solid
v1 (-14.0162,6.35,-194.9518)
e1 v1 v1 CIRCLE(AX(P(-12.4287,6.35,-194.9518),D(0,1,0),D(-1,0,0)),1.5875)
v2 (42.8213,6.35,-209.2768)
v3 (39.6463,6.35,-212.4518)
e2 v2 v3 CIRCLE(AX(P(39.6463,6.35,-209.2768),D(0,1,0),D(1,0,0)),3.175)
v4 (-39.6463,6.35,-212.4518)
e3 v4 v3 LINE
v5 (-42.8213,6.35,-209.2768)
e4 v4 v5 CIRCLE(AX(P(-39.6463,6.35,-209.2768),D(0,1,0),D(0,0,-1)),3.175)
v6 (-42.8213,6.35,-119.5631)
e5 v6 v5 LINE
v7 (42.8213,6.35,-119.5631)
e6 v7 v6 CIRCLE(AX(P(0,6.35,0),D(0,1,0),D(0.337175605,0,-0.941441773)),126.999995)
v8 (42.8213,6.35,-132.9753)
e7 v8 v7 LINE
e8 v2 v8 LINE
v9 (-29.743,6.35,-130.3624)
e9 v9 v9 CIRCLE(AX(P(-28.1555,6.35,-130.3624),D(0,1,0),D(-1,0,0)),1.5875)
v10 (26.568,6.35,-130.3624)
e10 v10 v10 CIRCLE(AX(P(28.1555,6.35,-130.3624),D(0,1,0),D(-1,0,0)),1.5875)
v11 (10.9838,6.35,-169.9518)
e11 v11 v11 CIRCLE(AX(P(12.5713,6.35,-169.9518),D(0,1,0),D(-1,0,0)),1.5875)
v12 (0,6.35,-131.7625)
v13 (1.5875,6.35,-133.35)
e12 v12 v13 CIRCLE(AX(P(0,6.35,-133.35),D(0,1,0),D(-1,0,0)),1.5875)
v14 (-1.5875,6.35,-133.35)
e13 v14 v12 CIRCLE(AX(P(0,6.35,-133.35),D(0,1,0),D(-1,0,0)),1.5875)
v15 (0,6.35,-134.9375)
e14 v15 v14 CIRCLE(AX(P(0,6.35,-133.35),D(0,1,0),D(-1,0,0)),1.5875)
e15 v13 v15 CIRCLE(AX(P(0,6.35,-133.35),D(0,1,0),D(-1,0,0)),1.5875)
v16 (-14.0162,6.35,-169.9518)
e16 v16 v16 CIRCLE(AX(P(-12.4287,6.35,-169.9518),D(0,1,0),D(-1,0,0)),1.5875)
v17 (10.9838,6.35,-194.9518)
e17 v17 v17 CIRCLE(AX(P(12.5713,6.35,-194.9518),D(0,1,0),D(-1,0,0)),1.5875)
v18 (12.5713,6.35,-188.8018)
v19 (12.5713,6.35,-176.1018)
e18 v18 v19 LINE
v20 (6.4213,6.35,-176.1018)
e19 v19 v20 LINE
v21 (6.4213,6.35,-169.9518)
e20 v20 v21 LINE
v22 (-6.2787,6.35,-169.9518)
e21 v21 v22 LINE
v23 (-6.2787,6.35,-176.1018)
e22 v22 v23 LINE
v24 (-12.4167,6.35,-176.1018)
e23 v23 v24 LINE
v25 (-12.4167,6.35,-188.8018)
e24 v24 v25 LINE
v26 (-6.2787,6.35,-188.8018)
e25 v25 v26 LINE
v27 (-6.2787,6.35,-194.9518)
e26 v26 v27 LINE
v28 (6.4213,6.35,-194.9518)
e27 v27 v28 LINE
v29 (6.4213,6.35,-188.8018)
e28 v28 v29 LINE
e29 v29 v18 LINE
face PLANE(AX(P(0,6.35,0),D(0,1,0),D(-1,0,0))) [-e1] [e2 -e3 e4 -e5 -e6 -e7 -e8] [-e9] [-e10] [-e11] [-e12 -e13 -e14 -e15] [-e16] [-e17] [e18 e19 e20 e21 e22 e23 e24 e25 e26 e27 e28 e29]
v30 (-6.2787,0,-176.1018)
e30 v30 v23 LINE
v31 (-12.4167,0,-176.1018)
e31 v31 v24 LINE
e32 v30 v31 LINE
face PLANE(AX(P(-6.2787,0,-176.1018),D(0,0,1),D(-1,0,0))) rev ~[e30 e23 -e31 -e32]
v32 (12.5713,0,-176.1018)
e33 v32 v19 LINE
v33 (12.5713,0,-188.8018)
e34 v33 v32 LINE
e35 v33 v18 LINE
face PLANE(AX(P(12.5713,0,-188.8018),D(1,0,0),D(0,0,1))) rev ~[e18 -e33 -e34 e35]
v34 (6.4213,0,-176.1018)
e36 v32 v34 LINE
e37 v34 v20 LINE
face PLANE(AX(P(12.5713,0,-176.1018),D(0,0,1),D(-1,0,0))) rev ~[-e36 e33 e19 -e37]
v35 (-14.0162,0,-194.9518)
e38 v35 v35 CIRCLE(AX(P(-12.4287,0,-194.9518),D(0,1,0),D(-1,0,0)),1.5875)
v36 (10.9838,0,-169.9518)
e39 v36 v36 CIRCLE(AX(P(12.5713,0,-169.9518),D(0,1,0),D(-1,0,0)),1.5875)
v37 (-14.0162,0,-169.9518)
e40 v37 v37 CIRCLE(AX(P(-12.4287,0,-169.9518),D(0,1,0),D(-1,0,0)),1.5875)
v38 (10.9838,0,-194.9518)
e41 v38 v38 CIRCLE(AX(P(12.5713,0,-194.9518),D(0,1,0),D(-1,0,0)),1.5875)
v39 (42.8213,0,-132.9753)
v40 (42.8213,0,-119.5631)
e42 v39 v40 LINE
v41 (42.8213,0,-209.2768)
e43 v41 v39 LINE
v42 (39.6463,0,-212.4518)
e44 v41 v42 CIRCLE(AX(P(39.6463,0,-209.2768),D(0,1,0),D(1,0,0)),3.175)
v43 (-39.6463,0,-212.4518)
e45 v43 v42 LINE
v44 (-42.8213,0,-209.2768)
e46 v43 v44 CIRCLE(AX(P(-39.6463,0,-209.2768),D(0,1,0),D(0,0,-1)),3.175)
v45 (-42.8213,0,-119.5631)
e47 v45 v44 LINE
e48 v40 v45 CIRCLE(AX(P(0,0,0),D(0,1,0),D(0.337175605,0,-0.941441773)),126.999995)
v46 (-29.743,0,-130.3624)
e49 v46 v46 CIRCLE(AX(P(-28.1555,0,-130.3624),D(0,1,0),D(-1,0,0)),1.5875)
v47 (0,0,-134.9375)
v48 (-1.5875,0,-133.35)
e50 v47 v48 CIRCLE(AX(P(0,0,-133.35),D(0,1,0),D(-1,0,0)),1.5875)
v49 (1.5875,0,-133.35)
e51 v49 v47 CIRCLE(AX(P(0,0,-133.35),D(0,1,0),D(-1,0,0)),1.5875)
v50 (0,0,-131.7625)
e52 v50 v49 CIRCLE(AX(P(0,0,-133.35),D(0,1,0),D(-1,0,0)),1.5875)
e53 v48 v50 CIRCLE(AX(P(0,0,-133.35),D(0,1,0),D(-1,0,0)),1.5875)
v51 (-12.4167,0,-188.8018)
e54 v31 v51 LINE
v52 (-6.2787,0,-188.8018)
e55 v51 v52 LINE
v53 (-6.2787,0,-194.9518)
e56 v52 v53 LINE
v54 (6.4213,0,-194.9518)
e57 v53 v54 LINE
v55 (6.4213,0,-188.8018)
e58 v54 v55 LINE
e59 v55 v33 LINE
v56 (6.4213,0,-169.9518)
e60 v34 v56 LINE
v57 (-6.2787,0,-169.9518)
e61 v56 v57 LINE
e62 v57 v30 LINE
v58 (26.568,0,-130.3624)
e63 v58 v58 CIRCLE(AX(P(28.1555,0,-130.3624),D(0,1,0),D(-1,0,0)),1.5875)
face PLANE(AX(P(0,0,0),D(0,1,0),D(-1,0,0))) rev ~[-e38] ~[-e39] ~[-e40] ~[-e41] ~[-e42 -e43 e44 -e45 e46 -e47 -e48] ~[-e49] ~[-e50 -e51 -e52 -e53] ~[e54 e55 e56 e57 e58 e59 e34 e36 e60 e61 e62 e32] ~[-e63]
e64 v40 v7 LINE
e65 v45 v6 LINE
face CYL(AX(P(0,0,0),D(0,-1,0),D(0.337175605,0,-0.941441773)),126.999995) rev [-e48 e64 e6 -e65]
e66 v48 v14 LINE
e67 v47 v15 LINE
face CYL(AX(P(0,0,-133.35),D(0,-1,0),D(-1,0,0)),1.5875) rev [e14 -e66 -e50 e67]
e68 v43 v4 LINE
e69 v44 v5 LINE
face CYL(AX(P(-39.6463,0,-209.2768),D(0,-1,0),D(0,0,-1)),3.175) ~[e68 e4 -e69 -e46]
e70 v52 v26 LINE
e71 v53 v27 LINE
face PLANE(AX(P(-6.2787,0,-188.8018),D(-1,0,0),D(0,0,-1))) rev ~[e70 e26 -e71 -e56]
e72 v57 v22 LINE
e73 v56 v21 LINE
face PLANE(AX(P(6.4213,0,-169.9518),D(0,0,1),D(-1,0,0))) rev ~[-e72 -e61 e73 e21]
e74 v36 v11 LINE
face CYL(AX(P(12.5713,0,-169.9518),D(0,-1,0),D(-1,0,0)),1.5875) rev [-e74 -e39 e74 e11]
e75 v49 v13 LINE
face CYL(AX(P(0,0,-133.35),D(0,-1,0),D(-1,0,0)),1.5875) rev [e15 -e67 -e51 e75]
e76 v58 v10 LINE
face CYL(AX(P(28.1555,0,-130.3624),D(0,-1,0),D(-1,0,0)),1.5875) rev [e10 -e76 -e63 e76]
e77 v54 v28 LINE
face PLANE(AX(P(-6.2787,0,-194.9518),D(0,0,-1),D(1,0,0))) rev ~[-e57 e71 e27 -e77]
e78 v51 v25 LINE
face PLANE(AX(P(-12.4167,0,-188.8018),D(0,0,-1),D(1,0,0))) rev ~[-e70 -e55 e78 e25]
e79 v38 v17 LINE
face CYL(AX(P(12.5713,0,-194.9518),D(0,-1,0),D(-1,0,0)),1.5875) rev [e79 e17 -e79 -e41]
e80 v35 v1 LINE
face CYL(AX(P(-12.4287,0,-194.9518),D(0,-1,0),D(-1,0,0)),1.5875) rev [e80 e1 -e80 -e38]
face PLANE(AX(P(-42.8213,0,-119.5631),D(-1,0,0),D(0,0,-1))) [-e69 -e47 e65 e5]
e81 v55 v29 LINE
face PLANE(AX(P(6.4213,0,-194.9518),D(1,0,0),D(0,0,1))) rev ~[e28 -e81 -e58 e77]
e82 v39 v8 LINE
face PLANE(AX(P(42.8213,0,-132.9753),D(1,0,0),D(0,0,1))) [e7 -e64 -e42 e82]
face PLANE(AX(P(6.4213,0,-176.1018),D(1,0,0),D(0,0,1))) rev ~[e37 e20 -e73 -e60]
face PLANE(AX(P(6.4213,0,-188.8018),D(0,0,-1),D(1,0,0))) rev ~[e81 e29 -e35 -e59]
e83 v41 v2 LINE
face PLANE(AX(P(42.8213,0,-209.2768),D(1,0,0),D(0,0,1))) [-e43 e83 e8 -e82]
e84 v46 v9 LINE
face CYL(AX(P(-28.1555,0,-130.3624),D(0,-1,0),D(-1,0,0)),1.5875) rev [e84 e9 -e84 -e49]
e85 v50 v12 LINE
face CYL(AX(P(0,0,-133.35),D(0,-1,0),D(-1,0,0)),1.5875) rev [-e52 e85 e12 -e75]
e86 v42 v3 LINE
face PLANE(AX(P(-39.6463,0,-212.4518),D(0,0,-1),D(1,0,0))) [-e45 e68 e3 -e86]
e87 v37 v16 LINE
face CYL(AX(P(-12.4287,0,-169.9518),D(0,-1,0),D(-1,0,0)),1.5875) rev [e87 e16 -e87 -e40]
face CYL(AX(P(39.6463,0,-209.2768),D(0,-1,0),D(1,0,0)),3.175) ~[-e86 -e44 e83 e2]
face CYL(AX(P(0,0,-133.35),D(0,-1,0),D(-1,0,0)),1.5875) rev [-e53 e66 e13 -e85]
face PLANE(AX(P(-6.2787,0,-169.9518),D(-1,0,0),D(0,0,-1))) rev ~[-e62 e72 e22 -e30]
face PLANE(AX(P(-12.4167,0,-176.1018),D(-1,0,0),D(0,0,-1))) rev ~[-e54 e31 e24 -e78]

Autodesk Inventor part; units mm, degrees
ref_plane "YZ Plane" through (0, 0, 0) normal (1, 0, 0) x (0, 1, 0)
ref_plane "XZ Plane" through (0, 0, 0) normal (0, 1, 0) x (-1, 0, 0)
ref_plane "XY Plane" through (0, 0, 0) normal (0, 0, 1) x (1, 0, 0)
sketch "Sketch1" plane through (0, 0, 0) normal (0, 1, 0) x (-1, 0, 0)
  circle A0 centre (0, -133.35) radius 1.5875
  line L0 (1.5875, -133.35) -> (-1.5875, -133.35)
  line L1 (-42.8213, -132.9753) -> (-42.8213, -119.5631)
  line L2 (-6.4213, -188.8018) -> (-12.5713, -188.8018)
  line L3 (-6.4213, -194.9518) -> (-6.4213, -188.8018)
  line L4 (-12.5713, -188.8018) -> (-12.5713, -176.1018)
  line L5 (-12.5713, -188.8018) -> (-12.5713, -176.1018)
  line L6 (6.2787, -194.9518) -> (-6.4213, -194.9518)
  line L7 (6.2787, -194.9518) -> (-6.4213, -194.9518)
  line L8 (-12.5713, -176.1018) -> (-6.4213, -176.1018)
  line L9 (6.2787, -188.8018) -> (6.2787, -194.9518)
  line L10 (-6.4213, -176.1018) -> (-6.4213, -169.9518)
  line L11 (-6.4213, -194.9518) -> (-6.4213, -169.9518)
  line L12 (6.2787, -169.9518) -> (6.2787, -194.9518)
  line L13 (-6.4213, -169.9518) -> (6.2787, -169.9518)
  line L14 (-6.4213, -169.9518) -> (6.2787, -169.9518)
  line L15 (-12.5713, -176.1018) -> (12.4167, -176.1018)
  line L16 (12.4167, -188.8018) -> (-12.5713, -188.8018)
  circle A1 centre (-12.5713, -194.9518) radius 1.5875
  line L17 (6.2787, -169.9518) -> (6.2787, -176.1018)
  line L18 (12.4167, -188.8018) -> (6.2787, -188.8018)
  line L19 (6.2787, -176.1018) -> (12.4167, -176.1018)
  line L20 (12.4167, -176.1018) -> (12.4167, -188.8018)
  line L21 (12.4167, -176.1018) -> (12.4167, -188.8018)
  line L22 (0, -169.5003) -> (0, -169.4888)
  circle A2 centre (12.4287, -169.9518) radius 1.5875
  circle A3 centre (-12.5713, -169.9518) radius 1.5875
  circle A4 centre (12.4287, -194.9518) radius 1.5875
  circle A5 centre (-28.1555, -130.3624) radius 1.5875
  line L23 (0, -131.7625) -> (0, -134.9375)
  line L24 (-42.8213, -119.5631) -> (42.8213, -119.5631)
  line L25 (42.8213, -119.5631) -> (42.8213, -209.2768)
  line L26 (39.6463, -212.4518) -> (-39.6463, -212.4518)
  line L27 (-42.8213, -209.2768) -> (-42.8213, -119.5631)
  circle A6 centre (28.1555, -130.3624) radius 1.5875
  arc A7 (39.6463, -212.4518) -> (42.8213, -209.2768) centre (39.6463, -209.2768) ccw
  arc A8 (-42.8213, -209.2768) -> (-39.6463, -212.4518) centre (-39.6463, -209.2768) ccw
  arc A9 (-42.8213, -119.5631) -> (42.8213, -119.5631) centre (0, 0) ccw
  point P0 (-26.811, -129.5183)
  point P1 (-26.811, -129.5183)
  point P2 (26.811, -129.5183)
  point P3 (26.811, -129.5183)
  dimension "d0" = 3.175
  dimension "d2" = 36.6018
  dimension "d4" = 25
  dimension "d6" = 3.175
  dimension "d8" = 3.175
  dimension "d9" = 254
extrude "Extrusion1" add sketch "Sketch1" along normal blind 6.35 contours L1 A9 L25 A7 L26 A8 L27
properties part number "Camera_Mount_Acryllic"
